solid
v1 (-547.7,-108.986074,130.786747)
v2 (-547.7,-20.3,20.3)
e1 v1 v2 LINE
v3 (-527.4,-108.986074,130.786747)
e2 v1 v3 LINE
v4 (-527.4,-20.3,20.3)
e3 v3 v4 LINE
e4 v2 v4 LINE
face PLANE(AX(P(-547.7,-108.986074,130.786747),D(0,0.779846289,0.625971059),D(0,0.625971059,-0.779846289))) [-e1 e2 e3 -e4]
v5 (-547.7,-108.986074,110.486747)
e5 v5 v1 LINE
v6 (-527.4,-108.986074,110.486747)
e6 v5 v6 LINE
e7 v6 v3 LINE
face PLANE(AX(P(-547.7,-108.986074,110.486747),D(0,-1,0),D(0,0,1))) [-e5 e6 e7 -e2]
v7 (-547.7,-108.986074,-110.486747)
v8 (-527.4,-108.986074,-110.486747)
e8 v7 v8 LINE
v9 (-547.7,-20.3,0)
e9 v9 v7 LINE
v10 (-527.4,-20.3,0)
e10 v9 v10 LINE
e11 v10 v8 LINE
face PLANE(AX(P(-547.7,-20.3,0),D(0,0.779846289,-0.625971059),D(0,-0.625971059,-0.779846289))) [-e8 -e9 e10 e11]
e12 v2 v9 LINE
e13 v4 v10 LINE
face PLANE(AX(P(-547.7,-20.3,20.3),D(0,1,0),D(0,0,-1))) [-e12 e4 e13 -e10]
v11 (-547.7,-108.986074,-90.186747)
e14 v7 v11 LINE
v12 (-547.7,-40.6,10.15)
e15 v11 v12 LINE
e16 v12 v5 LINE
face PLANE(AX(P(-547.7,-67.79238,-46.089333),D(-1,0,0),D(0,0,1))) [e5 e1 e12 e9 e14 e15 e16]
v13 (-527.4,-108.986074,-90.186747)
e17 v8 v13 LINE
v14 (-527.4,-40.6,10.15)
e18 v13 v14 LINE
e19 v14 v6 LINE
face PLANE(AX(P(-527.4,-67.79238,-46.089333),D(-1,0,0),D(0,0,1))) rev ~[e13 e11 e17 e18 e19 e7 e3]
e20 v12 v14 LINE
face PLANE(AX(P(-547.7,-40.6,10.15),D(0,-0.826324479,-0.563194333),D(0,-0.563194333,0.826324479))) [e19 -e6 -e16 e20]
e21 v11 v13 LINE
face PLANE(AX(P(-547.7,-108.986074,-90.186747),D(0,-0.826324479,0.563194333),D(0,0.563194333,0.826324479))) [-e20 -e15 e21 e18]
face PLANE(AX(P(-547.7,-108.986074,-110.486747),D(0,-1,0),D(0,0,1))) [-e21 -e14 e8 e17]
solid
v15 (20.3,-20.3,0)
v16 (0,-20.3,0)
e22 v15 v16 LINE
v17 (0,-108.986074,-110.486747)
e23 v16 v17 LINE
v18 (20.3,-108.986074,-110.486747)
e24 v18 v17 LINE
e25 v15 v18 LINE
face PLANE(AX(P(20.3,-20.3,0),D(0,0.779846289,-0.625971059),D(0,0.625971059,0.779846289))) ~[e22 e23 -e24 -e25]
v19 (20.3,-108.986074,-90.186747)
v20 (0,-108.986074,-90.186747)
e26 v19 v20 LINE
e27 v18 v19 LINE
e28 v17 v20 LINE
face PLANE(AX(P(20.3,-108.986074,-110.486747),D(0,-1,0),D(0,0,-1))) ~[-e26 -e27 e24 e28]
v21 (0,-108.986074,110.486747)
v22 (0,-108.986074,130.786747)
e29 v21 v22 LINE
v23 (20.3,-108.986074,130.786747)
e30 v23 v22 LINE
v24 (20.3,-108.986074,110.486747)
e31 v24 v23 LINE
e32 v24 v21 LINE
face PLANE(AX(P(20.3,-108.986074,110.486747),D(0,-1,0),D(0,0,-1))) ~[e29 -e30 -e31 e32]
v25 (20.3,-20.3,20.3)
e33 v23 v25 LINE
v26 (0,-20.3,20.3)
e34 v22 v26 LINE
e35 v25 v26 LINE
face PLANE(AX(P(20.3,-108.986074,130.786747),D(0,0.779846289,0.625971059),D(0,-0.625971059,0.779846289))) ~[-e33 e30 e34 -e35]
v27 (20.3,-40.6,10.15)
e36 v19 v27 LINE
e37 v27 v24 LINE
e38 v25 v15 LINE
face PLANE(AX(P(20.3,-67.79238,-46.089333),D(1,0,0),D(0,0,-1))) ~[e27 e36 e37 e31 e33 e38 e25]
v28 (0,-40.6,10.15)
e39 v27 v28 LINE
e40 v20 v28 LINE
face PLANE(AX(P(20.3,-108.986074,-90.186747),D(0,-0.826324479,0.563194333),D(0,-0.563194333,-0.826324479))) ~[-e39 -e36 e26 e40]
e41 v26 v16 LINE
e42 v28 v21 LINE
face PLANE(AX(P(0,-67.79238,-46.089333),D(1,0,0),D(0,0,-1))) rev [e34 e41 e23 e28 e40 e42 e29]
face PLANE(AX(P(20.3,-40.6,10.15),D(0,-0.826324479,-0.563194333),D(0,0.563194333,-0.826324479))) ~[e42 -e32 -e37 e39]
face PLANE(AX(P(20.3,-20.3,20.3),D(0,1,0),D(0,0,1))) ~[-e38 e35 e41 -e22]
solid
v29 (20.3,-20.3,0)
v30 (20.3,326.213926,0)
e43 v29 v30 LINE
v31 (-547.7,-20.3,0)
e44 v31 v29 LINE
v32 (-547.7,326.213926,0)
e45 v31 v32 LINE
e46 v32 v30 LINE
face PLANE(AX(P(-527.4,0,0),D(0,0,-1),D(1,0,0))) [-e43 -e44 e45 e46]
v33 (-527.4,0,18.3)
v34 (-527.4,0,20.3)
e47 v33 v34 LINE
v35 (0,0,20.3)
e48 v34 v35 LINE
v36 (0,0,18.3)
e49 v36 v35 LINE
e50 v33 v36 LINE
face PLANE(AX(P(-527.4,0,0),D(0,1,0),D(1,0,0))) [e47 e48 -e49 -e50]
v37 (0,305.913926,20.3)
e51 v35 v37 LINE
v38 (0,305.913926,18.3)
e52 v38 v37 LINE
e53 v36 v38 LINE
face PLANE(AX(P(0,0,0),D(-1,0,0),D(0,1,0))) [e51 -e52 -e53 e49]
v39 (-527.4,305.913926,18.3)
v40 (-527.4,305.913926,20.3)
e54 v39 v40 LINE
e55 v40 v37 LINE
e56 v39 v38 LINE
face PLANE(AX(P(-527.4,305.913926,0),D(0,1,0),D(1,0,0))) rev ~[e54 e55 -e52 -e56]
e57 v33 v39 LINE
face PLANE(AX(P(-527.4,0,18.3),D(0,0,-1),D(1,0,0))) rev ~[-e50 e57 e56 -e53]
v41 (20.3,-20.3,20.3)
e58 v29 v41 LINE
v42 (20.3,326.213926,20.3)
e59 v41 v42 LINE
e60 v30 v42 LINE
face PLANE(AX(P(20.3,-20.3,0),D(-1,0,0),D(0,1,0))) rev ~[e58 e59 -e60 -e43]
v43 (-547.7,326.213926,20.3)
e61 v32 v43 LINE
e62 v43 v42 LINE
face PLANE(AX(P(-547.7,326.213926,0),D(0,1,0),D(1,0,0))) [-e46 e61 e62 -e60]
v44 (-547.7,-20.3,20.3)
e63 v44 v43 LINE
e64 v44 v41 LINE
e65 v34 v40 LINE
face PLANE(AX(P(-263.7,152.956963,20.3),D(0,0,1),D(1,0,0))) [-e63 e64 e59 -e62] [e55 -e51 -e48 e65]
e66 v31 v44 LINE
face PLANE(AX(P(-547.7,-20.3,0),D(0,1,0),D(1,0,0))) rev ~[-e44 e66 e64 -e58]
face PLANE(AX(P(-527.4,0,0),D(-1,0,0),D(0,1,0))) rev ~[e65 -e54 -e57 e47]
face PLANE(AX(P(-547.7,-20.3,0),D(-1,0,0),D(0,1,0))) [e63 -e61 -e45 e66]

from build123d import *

# Parameters (mm, degrees)
ESQUISSE1_W        = 568
ESQUISSE1_H        = 346.513925803
ESQUISSE1_W_2      = 527.4
ESQUISSE1_H_2      = 305.913925803
BOSS_EXTRU_1_DEPTH = 20.3
BOSS_EXTRU_2_REACH = 328.214
ESQUISSE2_W        = 527.4
ESQUISSE2_H        = 18.3
BOSS_EXTRU_3_DEPTH = 20.3


with BuildPart() as part:
    # Esquisse1 → Boss.-Extru.1 (new body)
    with BuildSketch(Plane.XY):
        with Locations((-263.7, 152.956962901)):
            Rectangle(ESQUISSE1_W, ESQUISSE1_H)
        with Locations((-263.7, 152.956962902)):
            Rectangle(ESQUISSE1_W_2, ESQUISSE1_H_2, mode=Mode.SUBTRACT)
    extrude(amount=BOSS_EXTRU_1_DEPTH)

    # Esquisse2 → Boss.-Extru.2 (add, up to next)
    with BuildSketch(Plane(origin=(0, 0, 0), x_dir=(1, 0, 0), z_dir=(0, 1, 0)), mode=Mode.PRIVATE) as boss_extru_2_sk1:
        with Locations((-263.7, -9.15)):
            Rectangle(ESQUISSE2_W, ESQUISSE2_H)
    boss_extru_2_tool1 = extrude(boss_extru_2_sk1.sketch, amount=BOSS_EXTRU_2_REACH, mode=Mode.PRIVATE) - part.part
    add(boss_extru_2_tool1.solids().sort_by_distance((-263.7, 0, 9.15))[0])


with BuildPart() as body_2:
    # Esquisse3 → Boss.-Extru.3 (new body)
    with BuildSketch(Plane.ZY.offset(547.7)):
        Polygon((10.15, -40.6), (10.15, -20.3), (0, -20.3), (-110.486746728, -108.986074197), (-90.186746728, -108.986074197), align=None)
        Polygon((20.3, -20.3), (10.15, -20.3), (10.15, -40.6), (110.486746728, -108.986074197), (130.786746728, -108.986074197), align=None)
    extrude(amount=-BOSS_EXTRU_3_DEPTH)


with BuildPart() as body_3:
    # Symétrie2: mirrored copy
    add(body_2.part.mirror(Plane.ZY.offset(263.7)))


solid = Compound([part.part, body_2.part, body_3.part])
